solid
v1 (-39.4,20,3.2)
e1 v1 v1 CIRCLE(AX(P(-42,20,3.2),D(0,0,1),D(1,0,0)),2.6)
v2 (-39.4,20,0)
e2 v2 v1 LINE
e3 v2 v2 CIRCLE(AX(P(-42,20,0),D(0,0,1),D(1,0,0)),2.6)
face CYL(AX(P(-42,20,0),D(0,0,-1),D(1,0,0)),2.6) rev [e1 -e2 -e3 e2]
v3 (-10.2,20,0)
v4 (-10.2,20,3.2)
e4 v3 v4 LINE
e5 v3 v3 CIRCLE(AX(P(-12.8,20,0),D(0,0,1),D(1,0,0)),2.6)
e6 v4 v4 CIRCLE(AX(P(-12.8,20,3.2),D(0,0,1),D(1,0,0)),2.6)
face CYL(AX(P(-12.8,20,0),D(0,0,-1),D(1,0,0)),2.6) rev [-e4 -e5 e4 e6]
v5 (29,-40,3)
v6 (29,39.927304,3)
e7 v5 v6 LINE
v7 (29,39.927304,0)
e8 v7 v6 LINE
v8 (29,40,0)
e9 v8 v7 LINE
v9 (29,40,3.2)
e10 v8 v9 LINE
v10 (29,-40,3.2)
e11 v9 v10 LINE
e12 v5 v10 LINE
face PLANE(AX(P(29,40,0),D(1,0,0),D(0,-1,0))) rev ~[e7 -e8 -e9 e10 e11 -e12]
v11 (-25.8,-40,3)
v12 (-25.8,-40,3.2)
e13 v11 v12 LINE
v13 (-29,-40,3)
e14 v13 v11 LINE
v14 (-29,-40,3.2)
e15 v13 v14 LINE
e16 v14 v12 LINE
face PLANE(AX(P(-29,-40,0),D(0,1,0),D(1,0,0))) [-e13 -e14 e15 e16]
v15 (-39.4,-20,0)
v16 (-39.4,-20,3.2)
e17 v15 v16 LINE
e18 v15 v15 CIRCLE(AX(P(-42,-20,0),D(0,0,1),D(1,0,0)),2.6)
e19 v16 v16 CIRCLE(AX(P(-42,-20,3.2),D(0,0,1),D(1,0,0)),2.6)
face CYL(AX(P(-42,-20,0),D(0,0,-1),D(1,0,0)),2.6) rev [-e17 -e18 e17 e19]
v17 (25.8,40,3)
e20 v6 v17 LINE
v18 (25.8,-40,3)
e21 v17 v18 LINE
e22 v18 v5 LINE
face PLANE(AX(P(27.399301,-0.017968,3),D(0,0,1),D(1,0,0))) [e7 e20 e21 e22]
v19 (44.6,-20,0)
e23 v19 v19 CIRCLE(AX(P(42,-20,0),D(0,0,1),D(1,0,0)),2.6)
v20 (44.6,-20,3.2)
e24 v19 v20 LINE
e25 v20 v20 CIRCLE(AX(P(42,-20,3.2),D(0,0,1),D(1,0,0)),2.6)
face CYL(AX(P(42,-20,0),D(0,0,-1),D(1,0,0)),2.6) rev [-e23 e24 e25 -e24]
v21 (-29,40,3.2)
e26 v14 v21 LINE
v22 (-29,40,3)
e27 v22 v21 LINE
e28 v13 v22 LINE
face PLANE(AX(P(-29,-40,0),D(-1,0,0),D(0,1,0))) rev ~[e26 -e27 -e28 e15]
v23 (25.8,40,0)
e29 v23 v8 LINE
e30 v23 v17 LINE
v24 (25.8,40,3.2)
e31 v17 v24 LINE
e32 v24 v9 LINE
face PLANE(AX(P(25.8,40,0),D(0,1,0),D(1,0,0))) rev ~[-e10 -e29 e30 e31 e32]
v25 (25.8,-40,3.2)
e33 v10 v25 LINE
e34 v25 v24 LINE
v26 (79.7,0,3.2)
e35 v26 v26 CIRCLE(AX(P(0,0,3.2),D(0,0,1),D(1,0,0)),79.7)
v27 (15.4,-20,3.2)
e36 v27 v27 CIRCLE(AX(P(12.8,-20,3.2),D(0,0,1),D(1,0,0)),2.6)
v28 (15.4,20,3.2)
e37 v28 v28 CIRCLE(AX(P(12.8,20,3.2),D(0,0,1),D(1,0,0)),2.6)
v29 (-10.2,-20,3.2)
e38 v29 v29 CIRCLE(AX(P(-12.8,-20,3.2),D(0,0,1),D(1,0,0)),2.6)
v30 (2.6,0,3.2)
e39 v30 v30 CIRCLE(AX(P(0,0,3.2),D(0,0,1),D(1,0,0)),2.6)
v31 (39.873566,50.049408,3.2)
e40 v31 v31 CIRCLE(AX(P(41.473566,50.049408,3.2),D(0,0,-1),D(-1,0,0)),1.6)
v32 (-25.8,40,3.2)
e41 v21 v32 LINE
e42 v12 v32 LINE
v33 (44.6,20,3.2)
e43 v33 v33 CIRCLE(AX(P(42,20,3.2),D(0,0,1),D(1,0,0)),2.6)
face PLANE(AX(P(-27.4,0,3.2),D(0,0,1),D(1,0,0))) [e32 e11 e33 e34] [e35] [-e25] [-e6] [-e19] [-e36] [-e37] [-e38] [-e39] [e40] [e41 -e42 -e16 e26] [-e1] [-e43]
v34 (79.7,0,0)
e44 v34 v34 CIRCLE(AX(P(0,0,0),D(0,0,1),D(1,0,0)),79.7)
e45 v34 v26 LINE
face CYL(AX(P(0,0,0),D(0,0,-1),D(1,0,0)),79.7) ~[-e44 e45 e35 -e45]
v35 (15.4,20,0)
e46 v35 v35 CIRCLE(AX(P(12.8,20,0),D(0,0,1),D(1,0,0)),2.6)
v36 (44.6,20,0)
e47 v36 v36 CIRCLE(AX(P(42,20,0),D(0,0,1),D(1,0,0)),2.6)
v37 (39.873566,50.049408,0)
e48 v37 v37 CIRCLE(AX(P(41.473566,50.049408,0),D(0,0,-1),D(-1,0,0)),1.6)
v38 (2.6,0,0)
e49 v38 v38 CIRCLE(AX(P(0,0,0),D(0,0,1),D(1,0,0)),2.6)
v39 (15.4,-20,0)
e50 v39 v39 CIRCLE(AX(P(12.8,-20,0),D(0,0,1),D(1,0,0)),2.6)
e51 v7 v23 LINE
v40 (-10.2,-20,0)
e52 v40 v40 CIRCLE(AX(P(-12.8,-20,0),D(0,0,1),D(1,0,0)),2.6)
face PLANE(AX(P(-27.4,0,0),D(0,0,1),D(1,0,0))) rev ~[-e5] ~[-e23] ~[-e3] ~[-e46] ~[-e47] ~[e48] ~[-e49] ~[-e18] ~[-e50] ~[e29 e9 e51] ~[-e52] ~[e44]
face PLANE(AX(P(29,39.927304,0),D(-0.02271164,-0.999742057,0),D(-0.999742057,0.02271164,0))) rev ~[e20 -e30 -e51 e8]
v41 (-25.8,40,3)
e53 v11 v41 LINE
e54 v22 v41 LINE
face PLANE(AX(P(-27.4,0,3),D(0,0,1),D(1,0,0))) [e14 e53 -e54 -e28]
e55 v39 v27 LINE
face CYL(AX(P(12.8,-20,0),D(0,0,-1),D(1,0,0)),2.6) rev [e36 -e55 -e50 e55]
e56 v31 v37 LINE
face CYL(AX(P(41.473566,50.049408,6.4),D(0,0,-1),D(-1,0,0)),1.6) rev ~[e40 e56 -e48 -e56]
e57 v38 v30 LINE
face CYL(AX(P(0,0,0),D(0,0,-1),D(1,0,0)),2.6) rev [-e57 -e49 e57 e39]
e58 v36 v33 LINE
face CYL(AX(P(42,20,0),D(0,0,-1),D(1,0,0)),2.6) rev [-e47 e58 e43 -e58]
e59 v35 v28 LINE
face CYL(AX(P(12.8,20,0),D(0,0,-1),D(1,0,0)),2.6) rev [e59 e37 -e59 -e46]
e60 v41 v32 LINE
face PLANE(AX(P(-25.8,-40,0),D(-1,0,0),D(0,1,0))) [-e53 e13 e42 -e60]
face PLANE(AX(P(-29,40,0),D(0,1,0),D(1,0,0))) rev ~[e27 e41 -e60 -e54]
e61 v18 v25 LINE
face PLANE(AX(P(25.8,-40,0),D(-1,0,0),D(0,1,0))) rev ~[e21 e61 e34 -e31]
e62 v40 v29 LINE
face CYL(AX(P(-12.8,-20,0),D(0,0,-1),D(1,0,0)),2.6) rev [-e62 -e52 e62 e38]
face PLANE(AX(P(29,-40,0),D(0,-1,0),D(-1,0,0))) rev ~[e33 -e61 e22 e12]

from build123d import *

# Parameters (mm, degrees)
F0_W     = 3.2
F0_H     = 80
F0_R     = 79.7
F0_R_2   = 2.6
F1_DEPTH = 3.2
F2_DEPTH = 3
F4_D     = 3.2
F4_DEPTH = 3.2


with BuildPart() as f1:
    # F0 (on Top) → F1 (new body)
    with BuildSketch(Plane.XY):
        with Locations((-27.4, 0)):
            Rectangle(F0_W, F0_H)
        Polygon((25.8, 40), (25.8, -40), (29, -40), (29, 39.927304), align=None)
        Circle(F0_R)
        with Locations((-42, -20)):
            Circle(F0_R_2, mode=Mode.SUBTRACT)
        with Locations((-12.8, -20)):
            Circle(F0_R_2, mode=Mode.SUBTRACT)
        with Locations((12.8, -20)):
            Circle(F0_R_2, mode=Mode.SUBTRACT)
        with Locations((42, -20)):
            Circle(F0_R_2, mode=Mode.SUBTRACT)
        with Locations((-42, 20)):
            Circle(F0_R_2, mode=Mode.SUBTRACT)
        with Locations((-27.4, 0)):
            Rectangle(F0_W, F0_H, mode=Mode.SUBTRACT)
        with Locations((-12.8, 20)):
            Circle(F0_R_2, mode=Mode.SUBTRACT)
        Circle(F0_R_2, mode=Mode.SUBTRACT)
        Polygon((29, -40), (25.8, -40), (25.8, 40), (29, 40), (29, 39.927304), align=None, mode=Mode.SUBTRACT)
        with Locations((12.8, 20)):
            Circle(F0_R_2, mode=Mode.SUBTRACT)
        with Locations((42, 20)):
            Circle(F0_R_2, mode=Mode.SUBTRACT)
    extrude(amount=F1_DEPTH)

    # F0 (on Top) → F2 (join)
    with BuildSketch(Plane.XY):
        with Locations((-27.4, 0)):
            Rectangle(F0_W, F0_H)
        Polygon((25.8, 40), (25.8, -40), (29, -40), (29, 39.927304), align=None)
    extrude(amount=F2_DEPTH)

    # F4
    with Locations(Plane.XY.offset(3.2)):
        with Locations((41.473566, 50.049408)):
            Hole(F4_D / 2, depth=F4_DEPTH)


solid = f1.part
